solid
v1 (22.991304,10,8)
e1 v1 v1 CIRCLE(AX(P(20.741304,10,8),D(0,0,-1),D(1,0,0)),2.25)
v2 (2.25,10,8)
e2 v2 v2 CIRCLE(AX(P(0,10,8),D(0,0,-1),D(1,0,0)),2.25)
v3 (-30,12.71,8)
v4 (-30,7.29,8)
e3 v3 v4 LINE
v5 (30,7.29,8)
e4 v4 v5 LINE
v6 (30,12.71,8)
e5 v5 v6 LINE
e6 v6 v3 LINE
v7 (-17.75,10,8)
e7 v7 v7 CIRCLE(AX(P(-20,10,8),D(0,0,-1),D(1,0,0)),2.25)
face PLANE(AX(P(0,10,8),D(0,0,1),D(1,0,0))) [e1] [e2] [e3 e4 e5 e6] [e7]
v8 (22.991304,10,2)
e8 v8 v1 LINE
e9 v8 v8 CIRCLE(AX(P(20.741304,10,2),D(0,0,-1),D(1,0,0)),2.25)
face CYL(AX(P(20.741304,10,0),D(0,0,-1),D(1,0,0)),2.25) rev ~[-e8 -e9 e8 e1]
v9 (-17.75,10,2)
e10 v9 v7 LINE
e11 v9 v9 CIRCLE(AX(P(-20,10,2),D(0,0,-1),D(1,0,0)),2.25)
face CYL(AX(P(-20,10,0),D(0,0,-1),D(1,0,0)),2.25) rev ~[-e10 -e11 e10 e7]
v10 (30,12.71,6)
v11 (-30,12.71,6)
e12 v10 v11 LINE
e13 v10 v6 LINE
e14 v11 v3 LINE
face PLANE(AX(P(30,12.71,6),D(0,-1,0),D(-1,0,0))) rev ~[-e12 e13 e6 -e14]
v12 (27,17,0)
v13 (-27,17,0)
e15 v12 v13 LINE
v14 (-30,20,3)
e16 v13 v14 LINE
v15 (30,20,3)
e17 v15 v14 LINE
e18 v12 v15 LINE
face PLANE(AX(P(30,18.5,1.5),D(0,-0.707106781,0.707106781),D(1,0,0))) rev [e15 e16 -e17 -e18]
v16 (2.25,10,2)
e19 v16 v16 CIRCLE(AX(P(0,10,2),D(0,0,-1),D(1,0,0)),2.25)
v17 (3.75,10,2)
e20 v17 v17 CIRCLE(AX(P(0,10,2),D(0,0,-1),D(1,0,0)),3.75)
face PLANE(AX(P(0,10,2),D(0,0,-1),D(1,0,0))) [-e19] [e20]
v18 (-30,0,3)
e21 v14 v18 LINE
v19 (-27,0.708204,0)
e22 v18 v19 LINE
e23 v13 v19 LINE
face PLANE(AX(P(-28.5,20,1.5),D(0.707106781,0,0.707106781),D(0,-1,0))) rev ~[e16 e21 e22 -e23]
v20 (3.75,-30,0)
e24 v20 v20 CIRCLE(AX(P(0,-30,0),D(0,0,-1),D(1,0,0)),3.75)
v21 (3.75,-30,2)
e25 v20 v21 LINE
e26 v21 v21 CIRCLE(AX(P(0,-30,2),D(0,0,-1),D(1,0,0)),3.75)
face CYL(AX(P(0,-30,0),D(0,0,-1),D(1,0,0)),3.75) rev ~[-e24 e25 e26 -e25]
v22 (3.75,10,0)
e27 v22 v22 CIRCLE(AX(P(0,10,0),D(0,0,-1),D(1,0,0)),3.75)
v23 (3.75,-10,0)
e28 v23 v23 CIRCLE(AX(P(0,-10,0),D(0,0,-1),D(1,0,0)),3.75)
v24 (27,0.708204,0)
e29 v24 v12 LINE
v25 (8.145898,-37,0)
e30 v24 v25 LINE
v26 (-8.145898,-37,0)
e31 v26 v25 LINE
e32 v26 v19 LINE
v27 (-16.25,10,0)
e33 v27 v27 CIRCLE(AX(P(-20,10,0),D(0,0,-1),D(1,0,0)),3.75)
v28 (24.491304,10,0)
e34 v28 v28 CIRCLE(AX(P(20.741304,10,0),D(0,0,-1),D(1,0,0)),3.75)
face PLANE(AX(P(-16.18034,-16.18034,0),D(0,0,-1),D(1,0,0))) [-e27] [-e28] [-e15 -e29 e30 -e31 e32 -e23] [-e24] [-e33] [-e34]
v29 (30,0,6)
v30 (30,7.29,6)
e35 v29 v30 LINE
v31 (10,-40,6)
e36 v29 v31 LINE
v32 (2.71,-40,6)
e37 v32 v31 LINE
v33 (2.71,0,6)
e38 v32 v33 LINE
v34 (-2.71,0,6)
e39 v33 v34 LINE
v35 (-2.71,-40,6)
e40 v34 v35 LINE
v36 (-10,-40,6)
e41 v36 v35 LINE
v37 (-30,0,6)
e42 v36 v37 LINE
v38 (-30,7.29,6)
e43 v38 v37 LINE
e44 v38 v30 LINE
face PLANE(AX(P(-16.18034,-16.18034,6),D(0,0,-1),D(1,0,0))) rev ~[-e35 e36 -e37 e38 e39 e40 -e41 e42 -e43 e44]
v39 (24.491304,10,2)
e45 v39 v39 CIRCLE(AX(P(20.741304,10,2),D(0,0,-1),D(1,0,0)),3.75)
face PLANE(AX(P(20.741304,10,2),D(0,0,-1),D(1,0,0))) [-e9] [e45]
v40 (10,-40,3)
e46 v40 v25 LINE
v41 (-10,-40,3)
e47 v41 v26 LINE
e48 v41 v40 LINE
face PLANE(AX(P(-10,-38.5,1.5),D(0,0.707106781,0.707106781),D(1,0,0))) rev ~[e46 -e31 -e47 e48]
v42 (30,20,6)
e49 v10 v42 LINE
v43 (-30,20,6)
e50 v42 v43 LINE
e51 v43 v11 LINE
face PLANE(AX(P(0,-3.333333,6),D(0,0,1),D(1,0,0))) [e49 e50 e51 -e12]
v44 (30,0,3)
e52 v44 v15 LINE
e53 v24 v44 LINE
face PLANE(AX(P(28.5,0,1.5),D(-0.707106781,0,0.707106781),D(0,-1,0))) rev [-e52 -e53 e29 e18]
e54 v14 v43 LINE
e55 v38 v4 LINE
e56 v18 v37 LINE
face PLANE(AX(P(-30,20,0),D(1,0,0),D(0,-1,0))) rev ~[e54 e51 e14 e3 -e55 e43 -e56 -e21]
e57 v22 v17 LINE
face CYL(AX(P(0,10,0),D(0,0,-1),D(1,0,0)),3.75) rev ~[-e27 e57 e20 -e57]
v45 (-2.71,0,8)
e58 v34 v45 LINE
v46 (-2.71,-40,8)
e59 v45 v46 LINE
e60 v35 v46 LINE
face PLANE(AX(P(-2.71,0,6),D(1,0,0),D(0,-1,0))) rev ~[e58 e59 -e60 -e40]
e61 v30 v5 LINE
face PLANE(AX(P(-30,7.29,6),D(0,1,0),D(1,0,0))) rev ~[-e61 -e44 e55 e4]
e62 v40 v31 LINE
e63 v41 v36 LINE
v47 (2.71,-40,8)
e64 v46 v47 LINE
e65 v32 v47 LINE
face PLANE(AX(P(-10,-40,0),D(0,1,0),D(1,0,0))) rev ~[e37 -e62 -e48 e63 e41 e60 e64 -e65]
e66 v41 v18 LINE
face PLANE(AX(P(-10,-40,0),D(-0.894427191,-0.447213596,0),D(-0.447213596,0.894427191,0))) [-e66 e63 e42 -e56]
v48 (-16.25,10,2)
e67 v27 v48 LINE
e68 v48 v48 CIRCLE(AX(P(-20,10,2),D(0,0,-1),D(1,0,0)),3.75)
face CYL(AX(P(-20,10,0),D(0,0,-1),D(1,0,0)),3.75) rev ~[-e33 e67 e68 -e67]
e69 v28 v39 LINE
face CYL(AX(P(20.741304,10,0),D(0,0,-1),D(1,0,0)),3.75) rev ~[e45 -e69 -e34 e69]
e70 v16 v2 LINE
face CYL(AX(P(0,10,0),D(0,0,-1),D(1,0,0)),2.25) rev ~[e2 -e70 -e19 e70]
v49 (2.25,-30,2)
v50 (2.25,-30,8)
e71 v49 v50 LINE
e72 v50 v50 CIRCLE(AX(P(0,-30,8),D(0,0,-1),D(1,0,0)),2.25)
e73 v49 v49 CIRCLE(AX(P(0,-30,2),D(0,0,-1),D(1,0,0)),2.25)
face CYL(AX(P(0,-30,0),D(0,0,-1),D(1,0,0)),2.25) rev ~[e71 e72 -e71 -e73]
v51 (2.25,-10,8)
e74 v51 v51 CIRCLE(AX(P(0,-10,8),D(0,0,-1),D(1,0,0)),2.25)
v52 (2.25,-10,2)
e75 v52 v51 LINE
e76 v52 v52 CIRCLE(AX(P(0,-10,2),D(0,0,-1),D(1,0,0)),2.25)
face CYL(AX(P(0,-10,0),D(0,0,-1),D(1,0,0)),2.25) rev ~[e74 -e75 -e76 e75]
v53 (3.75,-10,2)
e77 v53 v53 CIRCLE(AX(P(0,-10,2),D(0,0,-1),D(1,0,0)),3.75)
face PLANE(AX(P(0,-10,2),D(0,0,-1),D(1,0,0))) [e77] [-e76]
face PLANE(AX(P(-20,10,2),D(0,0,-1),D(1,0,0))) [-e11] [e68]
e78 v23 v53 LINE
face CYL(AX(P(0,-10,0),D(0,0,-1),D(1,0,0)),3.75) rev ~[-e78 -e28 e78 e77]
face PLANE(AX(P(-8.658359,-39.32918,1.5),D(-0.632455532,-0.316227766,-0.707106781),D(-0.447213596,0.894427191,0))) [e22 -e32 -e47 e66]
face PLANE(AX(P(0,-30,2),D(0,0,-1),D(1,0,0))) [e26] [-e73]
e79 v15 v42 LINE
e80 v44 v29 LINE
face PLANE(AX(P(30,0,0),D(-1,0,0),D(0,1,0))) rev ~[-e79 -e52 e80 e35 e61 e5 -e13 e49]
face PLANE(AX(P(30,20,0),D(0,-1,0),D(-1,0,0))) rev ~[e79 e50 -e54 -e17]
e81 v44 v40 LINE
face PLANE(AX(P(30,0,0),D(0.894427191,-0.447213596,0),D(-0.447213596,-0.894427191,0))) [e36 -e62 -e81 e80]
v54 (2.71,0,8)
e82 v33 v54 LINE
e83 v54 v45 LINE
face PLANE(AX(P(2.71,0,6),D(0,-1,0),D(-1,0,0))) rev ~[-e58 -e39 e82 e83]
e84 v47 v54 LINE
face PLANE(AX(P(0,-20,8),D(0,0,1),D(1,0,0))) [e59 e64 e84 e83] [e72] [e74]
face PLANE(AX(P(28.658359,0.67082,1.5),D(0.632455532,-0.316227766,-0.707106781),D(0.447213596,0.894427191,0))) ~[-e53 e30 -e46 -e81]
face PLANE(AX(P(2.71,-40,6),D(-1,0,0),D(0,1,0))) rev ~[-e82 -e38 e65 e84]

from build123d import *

# Parameters (mm, degrees)
F1_DEPTH = 6
F3_DEPTH = 2
F4_R     = 2.25
F5_DEPTH = 8.001
F6_R     = 3.75
F7_DEPTH = 2
F9_DEPTH = 6
F10_SIZE = 3


with BuildPart() as f1:
    # F0 (on Top) → F1 (new body)
    with BuildSketch(Plane.XY):
        Polygon((-30, 0), (-10, 0), (-10, -40), (0, -40), (10, -40), (10, 0), (30, 0), (30, 20), (0, 20), (-30, 20), align=None)
    extrude(amount=F1_DEPTH)

    # F2 (on face) → F3 (join)
    with BuildSketch(Plane.XY.offset(6)):
        Polygon((2.71, 0), (0, 0), (-2.71, 0), (-2.71, -40), (2.71, -40), align=None)
        Polygon((30, 7.29), (30, 12.71), (-30, 12.71), (-30, 10), (-30, 7.29), align=None)
    extrude(amount=F3_DEPTH)

    # F4 (on face) → F5 (cut, through all)
    with BuildSketch(Plane(origin=(0, 0, 0), x_dir=(1, 0, 0), z_dir=(0, 0, -1))):
        with Locations((-20, -10)):
            Circle(F4_R)
        with Locations((0, 10)):
            Circle(F4_R)
        with Locations((0, 30)):
            Circle(F4_R)
        with Locations((20.741304, -10)):
            Circle(F4_R)
        with Locations((0, -10)):
            Circle(F4_R)
    extrude(amount=-F5_DEPTH, mode=Mode.SUBTRACT)

    # F6 (on face) → F7 (cut)
    with BuildSketch(Plane(origin=(0, 0, 0), x_dir=(1, 0, 0), z_dir=(0, 0, -1))):
        with Locations((0, 30)):
            Circle(F6_R)
        with Locations((0, 10)):
            Circle(F6_R)
        with Locations((20.741304, -10)):
            Circle(F6_R)
        with Locations((-20, -10)):
            Circle(F6_R)
        with Locations((0, -10)):
            Circle(F6_R)
    extrude(amount=-F7_DEPTH, mode=Mode.SUBTRACT)

    # F8 (on face) → F9 (join)
    with BuildSketch(Plane(origin=(0, 0, 0), x_dir=(1, 0, 0), z_dir=(0, 0, -1))):
        Polygon((-10, 0), (-10, 40), (-30, 0), align=None)
        Polygon((30, 0), (10, 40), (10, 0), align=None)
    extrude(amount=-F9_DEPTH)

    # F10
    f10_edges = [f1.edges().sort_by_distance(p)[0] for p in [
        (0, -40, 0),
        (-20, -20, 0),
        (20, -20, 0),
        (30, 10, 0),
        (0, 20, 0),
        (-30, 10, 0),
    ]]
    chamfer(f10_edges, length=F10_SIZE)


solid = f1.part
